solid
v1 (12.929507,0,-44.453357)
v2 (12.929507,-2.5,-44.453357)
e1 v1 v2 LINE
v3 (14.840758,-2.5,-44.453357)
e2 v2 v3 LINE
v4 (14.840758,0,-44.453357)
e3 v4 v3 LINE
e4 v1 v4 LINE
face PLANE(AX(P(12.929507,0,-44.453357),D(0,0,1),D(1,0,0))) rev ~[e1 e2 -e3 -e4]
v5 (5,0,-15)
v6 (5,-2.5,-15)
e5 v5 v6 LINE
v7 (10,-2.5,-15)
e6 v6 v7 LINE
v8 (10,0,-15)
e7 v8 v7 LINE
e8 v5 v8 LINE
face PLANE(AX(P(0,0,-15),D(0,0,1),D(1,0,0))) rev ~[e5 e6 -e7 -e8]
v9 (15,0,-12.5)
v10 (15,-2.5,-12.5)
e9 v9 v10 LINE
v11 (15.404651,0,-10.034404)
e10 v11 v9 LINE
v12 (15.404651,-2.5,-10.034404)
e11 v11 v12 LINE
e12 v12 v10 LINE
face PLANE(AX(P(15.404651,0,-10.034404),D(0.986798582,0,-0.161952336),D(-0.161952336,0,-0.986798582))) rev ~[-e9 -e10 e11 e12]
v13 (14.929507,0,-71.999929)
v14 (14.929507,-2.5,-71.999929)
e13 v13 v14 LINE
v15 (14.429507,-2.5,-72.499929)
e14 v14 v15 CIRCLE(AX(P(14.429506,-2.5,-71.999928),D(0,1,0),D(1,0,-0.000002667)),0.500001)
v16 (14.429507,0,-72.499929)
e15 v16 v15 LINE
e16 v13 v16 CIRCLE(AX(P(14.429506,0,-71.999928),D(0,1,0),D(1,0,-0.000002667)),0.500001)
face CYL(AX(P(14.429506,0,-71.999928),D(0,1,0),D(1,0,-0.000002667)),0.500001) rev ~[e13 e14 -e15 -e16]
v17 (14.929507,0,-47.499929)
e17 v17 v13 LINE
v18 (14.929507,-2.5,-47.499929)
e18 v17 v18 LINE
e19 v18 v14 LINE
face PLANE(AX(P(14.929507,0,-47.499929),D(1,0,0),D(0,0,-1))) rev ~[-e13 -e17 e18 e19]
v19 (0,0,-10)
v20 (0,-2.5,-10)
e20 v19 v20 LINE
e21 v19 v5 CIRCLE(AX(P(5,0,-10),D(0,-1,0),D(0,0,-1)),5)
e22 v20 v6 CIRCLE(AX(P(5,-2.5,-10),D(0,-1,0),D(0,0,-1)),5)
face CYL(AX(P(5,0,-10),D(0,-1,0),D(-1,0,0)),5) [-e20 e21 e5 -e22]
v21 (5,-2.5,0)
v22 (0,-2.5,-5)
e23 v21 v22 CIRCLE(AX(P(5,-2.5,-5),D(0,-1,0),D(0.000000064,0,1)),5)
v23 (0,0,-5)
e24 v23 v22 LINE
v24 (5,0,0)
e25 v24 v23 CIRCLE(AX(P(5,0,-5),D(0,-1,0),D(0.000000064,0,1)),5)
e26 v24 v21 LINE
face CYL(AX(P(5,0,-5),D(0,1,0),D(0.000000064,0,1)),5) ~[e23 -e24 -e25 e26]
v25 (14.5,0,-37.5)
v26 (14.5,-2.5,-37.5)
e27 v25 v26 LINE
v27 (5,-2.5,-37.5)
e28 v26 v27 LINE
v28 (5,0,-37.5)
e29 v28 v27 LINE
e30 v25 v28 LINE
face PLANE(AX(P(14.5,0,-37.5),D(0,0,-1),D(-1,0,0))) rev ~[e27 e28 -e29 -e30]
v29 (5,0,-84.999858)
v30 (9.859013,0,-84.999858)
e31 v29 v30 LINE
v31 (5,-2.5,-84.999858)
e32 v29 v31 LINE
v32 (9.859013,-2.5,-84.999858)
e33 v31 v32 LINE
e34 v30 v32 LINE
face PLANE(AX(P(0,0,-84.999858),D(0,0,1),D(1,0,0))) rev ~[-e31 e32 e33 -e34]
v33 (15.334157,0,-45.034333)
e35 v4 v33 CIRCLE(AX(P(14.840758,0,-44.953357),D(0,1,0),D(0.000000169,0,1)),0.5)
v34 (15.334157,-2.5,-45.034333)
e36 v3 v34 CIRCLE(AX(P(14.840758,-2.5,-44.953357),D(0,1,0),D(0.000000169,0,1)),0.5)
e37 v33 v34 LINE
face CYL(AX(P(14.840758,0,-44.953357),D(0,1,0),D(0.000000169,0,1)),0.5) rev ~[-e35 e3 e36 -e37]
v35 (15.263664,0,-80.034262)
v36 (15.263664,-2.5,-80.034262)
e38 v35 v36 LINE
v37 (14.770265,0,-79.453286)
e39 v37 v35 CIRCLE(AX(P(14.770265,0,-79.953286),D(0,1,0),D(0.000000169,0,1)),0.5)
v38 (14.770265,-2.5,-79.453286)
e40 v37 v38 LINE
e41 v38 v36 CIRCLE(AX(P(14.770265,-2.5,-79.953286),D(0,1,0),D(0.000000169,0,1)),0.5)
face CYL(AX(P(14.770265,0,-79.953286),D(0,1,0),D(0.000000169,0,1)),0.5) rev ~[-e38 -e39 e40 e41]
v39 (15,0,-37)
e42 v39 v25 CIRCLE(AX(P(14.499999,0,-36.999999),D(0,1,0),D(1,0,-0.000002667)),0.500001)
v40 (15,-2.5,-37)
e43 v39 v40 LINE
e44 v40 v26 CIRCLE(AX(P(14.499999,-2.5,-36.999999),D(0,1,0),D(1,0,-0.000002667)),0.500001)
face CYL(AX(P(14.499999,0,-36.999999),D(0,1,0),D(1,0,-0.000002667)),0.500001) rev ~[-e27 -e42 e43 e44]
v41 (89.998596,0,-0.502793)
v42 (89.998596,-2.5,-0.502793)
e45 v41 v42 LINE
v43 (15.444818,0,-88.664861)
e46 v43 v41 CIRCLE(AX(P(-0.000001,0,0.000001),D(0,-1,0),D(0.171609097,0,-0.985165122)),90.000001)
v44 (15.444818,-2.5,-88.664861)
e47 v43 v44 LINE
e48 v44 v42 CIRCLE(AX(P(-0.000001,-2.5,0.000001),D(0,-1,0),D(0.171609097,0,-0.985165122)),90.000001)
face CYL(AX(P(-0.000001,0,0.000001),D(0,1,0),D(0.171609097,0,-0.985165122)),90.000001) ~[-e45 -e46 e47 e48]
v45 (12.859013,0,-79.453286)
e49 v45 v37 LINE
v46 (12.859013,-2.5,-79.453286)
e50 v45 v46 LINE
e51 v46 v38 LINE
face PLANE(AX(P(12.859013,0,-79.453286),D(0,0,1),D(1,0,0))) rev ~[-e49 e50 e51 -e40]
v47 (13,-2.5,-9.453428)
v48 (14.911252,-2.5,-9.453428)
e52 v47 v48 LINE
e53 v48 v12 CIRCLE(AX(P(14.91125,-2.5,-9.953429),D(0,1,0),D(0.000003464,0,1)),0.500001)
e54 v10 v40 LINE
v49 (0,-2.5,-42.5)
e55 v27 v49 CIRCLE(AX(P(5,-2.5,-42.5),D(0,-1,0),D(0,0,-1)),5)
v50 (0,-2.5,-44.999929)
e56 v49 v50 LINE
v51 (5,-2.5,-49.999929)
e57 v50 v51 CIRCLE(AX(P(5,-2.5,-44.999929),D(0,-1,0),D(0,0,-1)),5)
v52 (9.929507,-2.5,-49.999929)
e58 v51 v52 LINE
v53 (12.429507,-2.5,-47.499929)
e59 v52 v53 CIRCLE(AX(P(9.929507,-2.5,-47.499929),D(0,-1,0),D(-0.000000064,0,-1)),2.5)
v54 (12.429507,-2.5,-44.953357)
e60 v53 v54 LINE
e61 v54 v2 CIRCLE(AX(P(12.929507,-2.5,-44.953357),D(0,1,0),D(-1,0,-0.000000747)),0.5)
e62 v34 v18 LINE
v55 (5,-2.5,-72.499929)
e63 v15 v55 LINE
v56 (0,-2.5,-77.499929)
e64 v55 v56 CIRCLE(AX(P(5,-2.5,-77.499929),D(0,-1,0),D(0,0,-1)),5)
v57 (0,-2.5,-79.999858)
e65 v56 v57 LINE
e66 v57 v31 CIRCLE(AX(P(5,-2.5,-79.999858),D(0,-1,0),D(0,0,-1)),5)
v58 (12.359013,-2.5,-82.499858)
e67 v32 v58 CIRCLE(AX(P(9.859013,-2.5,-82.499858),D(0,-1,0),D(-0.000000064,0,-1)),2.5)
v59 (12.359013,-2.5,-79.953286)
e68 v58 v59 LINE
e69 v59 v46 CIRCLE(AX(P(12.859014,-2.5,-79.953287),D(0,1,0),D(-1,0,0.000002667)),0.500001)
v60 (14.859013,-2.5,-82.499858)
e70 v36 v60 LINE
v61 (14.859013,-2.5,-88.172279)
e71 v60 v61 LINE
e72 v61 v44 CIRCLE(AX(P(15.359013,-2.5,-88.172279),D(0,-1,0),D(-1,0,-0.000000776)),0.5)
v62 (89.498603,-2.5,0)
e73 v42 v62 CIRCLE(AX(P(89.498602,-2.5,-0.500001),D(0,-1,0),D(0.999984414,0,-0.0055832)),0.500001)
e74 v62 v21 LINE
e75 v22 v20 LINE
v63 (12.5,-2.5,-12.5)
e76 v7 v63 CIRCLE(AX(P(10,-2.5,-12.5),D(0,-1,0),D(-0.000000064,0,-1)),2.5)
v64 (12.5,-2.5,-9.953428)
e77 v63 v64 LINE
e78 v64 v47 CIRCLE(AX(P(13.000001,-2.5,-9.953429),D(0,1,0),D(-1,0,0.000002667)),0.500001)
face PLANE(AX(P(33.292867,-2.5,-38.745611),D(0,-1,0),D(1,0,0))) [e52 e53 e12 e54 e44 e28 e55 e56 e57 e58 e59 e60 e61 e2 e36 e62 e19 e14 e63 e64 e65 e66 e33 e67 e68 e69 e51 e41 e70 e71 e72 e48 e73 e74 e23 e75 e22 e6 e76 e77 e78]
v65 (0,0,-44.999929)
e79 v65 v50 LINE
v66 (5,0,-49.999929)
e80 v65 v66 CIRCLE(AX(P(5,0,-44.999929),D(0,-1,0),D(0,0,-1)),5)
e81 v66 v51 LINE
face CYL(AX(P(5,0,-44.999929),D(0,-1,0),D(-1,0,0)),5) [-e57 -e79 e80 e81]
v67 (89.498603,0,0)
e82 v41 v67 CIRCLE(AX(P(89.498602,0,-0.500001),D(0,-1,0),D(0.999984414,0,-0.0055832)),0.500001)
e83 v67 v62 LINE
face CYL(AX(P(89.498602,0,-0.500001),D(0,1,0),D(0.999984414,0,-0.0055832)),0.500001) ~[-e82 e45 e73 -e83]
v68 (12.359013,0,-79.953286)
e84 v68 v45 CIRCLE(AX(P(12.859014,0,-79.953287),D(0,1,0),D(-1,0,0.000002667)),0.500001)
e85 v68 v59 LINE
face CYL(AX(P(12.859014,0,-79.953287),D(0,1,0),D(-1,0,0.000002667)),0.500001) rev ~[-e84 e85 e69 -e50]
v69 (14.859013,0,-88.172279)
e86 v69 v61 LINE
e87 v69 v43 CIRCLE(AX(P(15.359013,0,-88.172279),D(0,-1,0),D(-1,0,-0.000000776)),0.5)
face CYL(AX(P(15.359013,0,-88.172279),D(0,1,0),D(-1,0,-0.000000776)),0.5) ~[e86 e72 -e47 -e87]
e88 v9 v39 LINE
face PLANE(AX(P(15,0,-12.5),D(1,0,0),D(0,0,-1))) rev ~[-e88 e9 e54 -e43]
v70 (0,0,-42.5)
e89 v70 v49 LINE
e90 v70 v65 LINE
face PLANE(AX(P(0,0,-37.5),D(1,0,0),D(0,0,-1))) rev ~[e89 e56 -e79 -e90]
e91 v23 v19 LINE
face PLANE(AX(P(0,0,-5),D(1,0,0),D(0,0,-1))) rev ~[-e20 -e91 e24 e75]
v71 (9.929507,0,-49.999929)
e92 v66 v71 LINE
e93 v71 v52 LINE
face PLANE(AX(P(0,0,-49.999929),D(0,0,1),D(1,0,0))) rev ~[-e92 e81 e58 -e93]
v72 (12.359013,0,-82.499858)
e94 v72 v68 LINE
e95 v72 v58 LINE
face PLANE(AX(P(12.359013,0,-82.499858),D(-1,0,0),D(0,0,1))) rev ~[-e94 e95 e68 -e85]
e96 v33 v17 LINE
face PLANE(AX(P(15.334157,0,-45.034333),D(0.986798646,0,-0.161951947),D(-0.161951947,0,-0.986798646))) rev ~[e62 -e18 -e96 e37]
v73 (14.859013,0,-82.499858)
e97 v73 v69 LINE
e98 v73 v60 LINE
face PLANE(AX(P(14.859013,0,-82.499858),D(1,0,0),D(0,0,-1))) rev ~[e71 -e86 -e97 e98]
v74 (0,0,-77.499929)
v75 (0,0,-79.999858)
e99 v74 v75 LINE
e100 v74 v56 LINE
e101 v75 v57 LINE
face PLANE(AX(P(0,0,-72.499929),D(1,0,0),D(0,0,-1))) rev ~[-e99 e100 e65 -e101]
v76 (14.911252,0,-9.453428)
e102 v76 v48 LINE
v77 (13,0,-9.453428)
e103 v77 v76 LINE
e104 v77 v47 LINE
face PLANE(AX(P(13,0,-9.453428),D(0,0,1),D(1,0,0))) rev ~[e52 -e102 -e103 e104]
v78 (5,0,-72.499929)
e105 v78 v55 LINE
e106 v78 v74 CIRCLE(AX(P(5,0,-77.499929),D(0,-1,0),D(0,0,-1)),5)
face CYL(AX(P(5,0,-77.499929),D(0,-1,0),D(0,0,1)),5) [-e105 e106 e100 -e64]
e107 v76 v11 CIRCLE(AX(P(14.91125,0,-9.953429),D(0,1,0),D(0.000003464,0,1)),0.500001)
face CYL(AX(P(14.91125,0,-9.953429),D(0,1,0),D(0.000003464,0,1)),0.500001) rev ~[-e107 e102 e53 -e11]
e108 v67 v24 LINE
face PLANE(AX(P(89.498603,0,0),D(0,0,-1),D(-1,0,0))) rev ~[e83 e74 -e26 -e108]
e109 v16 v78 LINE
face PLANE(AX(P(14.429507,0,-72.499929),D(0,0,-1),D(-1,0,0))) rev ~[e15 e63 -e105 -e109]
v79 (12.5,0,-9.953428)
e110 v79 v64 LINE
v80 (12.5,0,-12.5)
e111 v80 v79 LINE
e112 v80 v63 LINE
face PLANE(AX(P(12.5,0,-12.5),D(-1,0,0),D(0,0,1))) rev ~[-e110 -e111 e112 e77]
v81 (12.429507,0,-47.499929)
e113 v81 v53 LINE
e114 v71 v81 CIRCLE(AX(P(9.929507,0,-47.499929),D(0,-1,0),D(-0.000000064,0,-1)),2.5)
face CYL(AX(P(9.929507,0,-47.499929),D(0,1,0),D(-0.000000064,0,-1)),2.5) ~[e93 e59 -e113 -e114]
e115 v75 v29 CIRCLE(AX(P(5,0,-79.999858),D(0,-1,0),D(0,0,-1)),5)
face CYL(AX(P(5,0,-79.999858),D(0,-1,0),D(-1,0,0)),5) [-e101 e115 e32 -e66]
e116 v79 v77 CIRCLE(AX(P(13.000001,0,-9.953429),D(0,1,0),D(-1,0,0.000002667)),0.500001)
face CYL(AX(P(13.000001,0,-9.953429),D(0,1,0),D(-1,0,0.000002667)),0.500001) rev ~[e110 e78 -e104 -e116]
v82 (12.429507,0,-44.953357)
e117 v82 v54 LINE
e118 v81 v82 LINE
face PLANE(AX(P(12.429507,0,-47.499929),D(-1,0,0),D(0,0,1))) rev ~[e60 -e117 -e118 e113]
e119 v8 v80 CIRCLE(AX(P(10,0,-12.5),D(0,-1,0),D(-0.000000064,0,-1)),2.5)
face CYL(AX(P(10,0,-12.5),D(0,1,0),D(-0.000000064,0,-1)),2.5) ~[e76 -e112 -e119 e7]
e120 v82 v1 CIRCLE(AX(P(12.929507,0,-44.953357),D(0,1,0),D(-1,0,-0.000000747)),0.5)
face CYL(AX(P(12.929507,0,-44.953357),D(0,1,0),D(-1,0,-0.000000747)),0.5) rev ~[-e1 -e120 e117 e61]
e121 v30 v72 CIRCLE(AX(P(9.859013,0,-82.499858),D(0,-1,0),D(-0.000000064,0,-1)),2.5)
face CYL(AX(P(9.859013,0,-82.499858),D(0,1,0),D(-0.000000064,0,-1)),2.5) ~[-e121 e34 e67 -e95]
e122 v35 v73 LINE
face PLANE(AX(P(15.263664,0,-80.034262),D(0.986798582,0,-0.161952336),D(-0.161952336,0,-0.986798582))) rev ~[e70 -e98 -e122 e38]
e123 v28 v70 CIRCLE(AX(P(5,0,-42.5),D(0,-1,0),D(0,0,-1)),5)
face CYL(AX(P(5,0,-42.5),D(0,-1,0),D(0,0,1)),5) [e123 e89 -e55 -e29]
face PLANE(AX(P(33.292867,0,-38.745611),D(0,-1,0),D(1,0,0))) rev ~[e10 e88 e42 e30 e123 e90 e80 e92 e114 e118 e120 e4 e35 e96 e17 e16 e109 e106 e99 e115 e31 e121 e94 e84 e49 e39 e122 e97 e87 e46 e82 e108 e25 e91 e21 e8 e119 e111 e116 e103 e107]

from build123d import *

# Parameters (mm, degrees)
F1_DEPTH = 2.5
F2_R     = 5


with BuildPart() as f1:
    # F0 (on Front) → F1 (new body)
    with BuildSketch(Plane.XZ):
        with BuildLine():
            ThreePointArc((5, 0), (1.464466, -1.464466), (0, -5))
            Line((0, -5), (0, -15))
            Line((0, -15), (10, -15))
            ThreePointArc((10, -15), (11.767767, -14.267767), (12.5, -12.5))
            Line((12.5, -12.5), (12.5, -9.953428))
            ThreePointArc((12.5, -9.953428), (12.646447, -9.599875), (13, -9.453428))
            Line((13, -9.453428), (14.911252, -9.453428))
            ThreePointArc((14.911252, -9.453428), (15.29236, -9.629768), (15.404651, -10.034404))
            Line((15.404651, -10.034404), (15, -12.5))
            Line((15, -12.5), (15, -37))
            ThreePointArc((15, -37), (14.853553, -37.353553), (14.5, -37.5))
            Line((14.5, -37.5), (0, -37.5))
            Line((0, -37.5), (0, -49.999929))
            Line((0, -49.999929), (9.929507, -49.999929))
            ThreePointArc((9.929507, -49.999929), (11.697274, -49.267696), (12.429507, -47.499929))
            Line((12.429507, -47.499929), (12.429507, -44.953357))
            ThreePointArc((12.429507, -44.953357), (12.575953, -44.599804), (12.929507, -44.453357))
            Line((12.929507, -44.453357), (14.840758, -44.453357))
            ThreePointArc((14.840758, -44.453357), (15.221867, -44.629697), (15.334157, -45.034333))
            Line((15.334157, -45.034333), (14.929507, -47.499929))
            Line((14.929507, -47.499929), (14.929507, -71.999929))
            ThreePointArc((14.929507, -71.999929), (14.78306, -72.353482), (14.429507, -72.499929))
            Line((14.429507, -72.499929), (0, -72.499929))
            Line((0, -72.499929), (0, -84.999858))
            Line((0, -84.999858), (9.859013, -84.999858))
            ThreePointArc((9.859013, -84.999858), (11.62678, -84.267625), (12.359013, -82.499858))
            Line((12.359013, -82.499858), (12.359013, -79.953286))
            ThreePointArc((12.359013, -79.953286), (12.50546, -79.599733), (12.859013, -79.453286))
            Line((12.859013, -79.453286), (14.770265, -79.453286))
            ThreePointArc((14.770265, -79.453286), (15.151374, -79.629626), (15.263664, -80.034262))
            Line((15.263664, -80.034262), (14.859013, -82.499858))
            Line((14.859013, -82.499858), (14.859013, -88.172279))
            ThreePointArc((14.859013, -88.172279), (15.037223, -88.554968), (15.444818, -88.664861))
            ThreePointArc((15.444818, -88.664861), (68.722019, -58.114405), (89.998596, -0.502793))
            ThreePointArc((89.998596, -0.502793), (89.853143, -0.147436), (89.498603, 0))
            Line((89.498603, 0), (5, 0))
        make_face()
    extrude(amount=F1_DEPTH)

    # F2
    f2_edges = [f1.edges().sort_by_distance(p)[0] for p in [
        (0, -1.25, -15),
        (0, -1.25, -49.999929),
        (0, -1.25, -37.5),
        (0, -1.25, -84.999858),
        (0, -1.25, -72.499929),
    ]]
    fillet(f2_edges, radius=F2_R)


solid = f1.part
